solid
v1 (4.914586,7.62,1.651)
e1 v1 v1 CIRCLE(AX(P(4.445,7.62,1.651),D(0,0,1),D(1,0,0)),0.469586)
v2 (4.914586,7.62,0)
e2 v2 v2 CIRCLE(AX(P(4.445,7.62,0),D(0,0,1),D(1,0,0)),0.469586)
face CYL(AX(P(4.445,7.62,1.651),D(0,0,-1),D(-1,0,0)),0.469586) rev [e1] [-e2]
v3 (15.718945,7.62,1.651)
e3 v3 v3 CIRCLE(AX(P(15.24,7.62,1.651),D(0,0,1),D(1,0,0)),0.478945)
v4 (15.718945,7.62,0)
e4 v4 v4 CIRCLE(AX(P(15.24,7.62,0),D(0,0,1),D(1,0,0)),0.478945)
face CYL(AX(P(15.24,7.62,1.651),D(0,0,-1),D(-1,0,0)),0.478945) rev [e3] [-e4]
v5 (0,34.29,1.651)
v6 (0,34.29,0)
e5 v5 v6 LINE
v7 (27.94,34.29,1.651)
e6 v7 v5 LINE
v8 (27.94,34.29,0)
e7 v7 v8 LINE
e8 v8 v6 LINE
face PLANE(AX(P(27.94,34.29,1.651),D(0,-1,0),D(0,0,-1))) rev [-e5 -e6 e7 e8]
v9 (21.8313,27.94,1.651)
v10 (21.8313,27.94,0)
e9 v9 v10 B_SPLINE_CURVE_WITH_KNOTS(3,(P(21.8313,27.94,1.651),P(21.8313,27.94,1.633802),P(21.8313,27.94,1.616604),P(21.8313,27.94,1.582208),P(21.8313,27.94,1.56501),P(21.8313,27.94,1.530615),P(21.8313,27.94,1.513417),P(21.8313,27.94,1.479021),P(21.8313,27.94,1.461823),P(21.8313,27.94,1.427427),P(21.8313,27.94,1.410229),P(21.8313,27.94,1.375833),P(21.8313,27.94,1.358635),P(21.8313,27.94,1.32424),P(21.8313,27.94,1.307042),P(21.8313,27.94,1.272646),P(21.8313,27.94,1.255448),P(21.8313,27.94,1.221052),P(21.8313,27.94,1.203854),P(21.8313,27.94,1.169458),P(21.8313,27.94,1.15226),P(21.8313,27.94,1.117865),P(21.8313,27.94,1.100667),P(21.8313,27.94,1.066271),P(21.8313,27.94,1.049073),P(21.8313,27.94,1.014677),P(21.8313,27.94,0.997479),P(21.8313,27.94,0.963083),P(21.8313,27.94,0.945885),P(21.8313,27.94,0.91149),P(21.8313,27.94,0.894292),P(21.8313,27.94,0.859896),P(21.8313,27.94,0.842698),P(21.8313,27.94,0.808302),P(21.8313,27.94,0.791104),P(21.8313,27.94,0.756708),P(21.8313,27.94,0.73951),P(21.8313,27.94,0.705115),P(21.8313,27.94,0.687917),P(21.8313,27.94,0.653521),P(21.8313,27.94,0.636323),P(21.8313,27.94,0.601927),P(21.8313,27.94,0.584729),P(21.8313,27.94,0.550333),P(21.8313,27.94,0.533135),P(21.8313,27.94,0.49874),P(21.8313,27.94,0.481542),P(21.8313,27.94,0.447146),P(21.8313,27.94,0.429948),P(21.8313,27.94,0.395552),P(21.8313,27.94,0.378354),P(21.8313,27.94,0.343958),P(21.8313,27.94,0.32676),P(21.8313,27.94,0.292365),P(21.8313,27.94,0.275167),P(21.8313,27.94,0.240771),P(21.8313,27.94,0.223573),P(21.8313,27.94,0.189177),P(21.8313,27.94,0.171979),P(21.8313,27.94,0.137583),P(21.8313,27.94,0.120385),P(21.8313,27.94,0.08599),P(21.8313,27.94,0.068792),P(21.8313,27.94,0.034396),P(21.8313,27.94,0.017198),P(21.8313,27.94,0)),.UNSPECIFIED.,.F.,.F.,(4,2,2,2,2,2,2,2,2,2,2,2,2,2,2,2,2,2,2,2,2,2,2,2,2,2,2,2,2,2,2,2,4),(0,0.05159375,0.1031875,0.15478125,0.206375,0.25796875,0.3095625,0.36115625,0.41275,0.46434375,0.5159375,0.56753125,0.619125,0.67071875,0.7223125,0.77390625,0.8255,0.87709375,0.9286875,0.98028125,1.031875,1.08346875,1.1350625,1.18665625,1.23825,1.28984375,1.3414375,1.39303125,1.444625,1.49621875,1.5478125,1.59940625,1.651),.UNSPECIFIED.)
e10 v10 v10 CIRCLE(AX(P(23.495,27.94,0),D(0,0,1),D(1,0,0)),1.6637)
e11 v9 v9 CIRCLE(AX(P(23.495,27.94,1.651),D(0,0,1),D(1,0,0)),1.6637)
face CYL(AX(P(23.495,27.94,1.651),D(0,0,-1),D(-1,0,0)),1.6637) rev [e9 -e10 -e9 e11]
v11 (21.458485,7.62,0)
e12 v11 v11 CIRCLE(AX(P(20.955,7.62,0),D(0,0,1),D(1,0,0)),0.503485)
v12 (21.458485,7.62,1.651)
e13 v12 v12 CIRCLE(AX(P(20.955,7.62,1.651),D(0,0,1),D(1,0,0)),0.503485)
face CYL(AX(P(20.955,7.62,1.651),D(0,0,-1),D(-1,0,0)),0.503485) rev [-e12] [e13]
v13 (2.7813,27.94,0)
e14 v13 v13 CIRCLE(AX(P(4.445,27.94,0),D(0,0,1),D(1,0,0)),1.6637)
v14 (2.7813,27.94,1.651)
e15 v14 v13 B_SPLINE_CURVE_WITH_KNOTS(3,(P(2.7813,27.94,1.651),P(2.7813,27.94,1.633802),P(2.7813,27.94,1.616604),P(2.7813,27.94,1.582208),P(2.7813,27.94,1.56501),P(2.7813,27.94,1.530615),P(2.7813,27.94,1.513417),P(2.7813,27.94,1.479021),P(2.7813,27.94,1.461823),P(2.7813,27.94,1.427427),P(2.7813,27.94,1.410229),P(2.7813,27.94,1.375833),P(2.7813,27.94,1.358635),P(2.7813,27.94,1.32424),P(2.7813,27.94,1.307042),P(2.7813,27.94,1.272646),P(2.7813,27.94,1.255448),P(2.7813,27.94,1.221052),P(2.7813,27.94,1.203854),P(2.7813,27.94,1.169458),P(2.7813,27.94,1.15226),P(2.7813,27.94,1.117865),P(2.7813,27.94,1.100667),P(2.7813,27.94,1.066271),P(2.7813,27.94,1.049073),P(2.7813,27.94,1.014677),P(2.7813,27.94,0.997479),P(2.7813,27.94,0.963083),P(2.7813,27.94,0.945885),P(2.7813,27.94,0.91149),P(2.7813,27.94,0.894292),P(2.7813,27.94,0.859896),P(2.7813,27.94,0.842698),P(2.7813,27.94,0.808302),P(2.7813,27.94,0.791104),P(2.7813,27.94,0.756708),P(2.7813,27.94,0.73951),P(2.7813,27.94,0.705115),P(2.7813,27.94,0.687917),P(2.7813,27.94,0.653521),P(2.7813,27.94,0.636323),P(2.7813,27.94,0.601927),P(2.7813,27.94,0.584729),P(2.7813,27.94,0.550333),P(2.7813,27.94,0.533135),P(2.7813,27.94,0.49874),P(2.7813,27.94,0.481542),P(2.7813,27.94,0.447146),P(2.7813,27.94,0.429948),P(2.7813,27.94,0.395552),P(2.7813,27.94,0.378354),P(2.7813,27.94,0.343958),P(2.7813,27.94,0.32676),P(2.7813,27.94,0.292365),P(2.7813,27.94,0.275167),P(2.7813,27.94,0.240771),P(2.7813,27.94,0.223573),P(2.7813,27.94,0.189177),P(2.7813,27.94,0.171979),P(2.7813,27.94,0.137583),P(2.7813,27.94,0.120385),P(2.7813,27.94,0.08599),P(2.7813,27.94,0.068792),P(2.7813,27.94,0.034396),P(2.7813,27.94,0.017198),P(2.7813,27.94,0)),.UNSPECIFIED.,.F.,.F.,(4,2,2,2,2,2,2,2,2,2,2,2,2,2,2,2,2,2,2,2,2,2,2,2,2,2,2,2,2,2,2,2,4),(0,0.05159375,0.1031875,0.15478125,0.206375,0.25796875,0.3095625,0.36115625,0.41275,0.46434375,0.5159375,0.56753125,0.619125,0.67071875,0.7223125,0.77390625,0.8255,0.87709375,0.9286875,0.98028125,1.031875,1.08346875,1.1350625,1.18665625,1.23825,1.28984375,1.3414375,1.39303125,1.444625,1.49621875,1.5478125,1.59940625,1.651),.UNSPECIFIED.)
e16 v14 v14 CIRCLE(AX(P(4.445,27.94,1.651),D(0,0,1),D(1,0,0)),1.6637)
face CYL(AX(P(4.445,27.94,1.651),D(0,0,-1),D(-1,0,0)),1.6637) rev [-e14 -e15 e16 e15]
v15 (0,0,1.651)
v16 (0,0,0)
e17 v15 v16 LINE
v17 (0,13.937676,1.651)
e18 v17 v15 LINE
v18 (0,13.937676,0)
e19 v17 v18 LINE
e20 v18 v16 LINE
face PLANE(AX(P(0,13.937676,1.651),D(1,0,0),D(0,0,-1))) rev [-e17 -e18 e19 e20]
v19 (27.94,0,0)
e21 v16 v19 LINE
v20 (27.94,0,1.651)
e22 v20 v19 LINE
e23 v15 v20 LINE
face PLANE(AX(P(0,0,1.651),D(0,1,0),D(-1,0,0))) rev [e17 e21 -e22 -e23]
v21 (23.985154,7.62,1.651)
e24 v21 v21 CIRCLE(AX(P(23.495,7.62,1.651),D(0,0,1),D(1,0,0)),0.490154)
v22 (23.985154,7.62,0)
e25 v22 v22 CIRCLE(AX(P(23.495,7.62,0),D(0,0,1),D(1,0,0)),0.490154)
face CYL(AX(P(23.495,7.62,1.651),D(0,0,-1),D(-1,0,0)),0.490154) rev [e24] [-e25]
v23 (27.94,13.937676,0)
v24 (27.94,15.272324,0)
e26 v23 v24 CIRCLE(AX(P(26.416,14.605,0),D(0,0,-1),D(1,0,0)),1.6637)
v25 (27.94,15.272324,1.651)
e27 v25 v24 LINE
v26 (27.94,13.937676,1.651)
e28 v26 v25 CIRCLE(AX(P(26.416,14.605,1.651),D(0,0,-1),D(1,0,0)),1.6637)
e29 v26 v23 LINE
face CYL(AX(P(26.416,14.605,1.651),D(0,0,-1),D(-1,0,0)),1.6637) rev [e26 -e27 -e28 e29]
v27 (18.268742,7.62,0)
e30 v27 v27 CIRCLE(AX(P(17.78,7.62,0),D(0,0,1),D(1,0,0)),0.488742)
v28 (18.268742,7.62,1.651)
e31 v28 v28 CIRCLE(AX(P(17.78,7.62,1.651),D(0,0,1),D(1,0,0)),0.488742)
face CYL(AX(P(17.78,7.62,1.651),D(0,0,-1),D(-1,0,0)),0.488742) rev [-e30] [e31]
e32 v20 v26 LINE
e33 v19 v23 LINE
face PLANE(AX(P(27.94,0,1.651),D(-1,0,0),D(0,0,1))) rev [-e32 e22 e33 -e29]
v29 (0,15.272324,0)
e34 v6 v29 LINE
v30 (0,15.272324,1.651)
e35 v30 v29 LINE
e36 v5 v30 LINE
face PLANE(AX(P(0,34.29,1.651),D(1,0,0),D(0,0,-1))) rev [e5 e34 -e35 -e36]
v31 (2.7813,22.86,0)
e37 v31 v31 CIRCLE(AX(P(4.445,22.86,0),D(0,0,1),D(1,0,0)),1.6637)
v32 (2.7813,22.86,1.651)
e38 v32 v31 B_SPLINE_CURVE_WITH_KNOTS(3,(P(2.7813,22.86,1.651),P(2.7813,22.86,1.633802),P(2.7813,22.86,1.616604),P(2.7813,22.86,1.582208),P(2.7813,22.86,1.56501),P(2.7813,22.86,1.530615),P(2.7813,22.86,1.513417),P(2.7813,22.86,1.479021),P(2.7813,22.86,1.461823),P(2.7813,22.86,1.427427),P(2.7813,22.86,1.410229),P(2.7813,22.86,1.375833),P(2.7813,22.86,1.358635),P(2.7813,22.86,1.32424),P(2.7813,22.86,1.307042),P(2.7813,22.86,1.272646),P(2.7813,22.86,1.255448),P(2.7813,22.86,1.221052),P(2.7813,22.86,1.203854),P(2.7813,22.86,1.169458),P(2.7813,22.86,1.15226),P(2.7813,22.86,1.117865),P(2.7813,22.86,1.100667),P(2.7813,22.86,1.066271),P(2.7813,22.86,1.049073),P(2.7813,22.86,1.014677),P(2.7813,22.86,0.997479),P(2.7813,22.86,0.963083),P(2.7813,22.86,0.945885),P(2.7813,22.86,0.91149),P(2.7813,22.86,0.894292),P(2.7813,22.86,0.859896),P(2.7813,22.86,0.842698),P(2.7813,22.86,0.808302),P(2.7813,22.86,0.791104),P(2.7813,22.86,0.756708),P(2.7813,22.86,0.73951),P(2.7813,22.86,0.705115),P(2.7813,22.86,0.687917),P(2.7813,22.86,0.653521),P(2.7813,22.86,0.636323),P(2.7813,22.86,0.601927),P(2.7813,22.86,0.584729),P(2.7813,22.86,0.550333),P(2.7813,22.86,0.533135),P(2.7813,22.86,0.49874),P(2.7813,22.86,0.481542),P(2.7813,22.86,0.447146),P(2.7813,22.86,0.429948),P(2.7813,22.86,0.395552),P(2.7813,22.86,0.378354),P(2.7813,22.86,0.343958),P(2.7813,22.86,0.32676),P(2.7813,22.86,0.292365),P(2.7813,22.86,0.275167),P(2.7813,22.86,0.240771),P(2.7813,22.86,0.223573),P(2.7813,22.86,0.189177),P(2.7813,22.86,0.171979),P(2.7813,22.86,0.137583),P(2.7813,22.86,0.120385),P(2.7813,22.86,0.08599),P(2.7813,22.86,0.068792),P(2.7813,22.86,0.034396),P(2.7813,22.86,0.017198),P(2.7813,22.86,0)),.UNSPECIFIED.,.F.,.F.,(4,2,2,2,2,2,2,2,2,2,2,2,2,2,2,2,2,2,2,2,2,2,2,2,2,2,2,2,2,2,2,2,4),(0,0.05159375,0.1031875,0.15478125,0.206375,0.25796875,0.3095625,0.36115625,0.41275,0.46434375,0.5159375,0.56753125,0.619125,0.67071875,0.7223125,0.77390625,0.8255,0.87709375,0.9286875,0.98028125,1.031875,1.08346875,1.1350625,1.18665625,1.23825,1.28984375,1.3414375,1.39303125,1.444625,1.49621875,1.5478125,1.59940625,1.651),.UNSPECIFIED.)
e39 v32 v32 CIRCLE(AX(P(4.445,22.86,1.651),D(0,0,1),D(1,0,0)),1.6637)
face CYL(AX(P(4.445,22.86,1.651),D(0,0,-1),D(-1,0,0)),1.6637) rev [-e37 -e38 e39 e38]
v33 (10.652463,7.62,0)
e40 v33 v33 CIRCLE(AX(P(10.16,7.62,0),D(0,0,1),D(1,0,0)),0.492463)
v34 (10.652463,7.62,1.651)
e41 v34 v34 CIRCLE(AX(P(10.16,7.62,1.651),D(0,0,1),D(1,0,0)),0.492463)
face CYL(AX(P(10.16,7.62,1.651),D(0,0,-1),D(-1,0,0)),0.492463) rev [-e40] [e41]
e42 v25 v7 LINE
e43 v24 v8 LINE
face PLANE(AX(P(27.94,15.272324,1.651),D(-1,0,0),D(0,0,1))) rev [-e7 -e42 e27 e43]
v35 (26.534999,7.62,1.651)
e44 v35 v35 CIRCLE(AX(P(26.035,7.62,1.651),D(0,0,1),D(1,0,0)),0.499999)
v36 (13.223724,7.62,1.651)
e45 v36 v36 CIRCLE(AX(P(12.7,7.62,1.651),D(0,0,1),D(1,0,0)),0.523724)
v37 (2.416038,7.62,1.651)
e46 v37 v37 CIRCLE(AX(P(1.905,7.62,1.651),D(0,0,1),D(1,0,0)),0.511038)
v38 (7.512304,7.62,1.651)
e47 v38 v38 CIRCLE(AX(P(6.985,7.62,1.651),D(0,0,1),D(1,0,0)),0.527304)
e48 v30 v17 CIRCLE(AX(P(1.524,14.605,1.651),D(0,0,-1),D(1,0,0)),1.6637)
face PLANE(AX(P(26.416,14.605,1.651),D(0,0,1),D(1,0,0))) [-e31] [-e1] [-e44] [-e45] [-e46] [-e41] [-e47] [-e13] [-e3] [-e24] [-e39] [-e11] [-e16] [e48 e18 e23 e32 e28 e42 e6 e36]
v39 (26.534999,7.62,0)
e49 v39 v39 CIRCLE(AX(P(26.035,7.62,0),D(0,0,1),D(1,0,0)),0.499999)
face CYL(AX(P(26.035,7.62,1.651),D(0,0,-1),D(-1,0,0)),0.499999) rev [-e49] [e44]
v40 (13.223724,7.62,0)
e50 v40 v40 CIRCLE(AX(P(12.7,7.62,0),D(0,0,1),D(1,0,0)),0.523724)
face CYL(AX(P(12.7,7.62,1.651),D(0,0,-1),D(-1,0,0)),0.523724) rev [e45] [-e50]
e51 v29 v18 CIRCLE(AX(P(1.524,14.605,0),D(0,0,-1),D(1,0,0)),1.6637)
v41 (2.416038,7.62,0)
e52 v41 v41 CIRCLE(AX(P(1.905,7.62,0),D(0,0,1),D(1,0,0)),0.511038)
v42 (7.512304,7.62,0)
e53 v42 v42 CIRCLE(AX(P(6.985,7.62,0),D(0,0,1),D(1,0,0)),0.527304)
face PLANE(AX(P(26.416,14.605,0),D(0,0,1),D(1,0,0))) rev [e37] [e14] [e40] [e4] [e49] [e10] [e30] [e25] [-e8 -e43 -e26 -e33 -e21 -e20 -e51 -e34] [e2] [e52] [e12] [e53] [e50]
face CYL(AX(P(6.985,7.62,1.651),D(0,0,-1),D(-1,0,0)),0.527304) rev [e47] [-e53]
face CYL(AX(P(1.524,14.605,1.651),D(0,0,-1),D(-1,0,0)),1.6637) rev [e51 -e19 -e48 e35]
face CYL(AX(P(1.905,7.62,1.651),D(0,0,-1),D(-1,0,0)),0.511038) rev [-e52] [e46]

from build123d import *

# Parameters (mm, degrees)
SKETCH2_R           = 1.6637
SKETCH2_R_2         = 0.511037547
SKETCH2_R_3         = 0.469586325
SKETCH2_R_4         = 0.527304242
SKETCH2_R_5         = 0.492462629
SKETCH2_R_6         = 0.523724162
SKETCH2_R_7         = 0.478944742
SKETCH2_R_8         = 0.488742189
SKETCH2_R_9         = 0.503485145
SKETCH2_R_10        = 0.490154406
SKETCH2_R_11        = 0.499999
BOSS_EXTRUDE1_DEPTH = 1.651


with BuildPart() as part:
    # Sketch2 → Boss-Extrude1 (new body)
    with BuildSketch(Plane.XY):
        with BuildLine():
            Line((0, 0), (27.94, 0))
            Line((27.94, 0), (27.94, 13.937675724))
            ThreePointArc((27.94, 13.937675724), (24.7523, 14.605), (27.94, 15.272324276))
            Line((27.94, 15.272324276), (27.94, 34.29))
            Line((27.94, 34.29), (0, 34.29))
            Line((0, 34.29), (0, 15.272324276))
            ThreePointArc((0, 15.272324276), (3.1877, 14.605), (0, 13.937675724))
            Line((0, 13.937675724), (0, 0))
        make_face()
        with Locations((4.445, 22.86)):
            Circle(SKETCH2_R, mode=Mode.SUBTRACT)
        with Locations((4.445, 27.94)):
            Circle(SKETCH2_R, mode=Mode.SUBTRACT)
        with Locations((23.495, 27.94)):
            Circle(SKETCH2_R, mode=Mode.SUBTRACT)
        with Locations((1.905, 7.62)):
            Circle(SKETCH2_R_2, mode=Mode.SUBTRACT)
        with Locations((4.445, 7.62)):
            Circle(SKETCH2_R_3, mode=Mode.SUBTRACT)
        with Locations((6.985, 7.62)):
            Circle(SKETCH2_R_4, mode=Mode.SUBTRACT)
        with Locations((10.16, 7.62)):
            Circle(SKETCH2_R_5, mode=Mode.SUBTRACT)
        with Locations((12.7, 7.62)):
            Circle(SKETCH2_R_6, mode=Mode.SUBTRACT)
        with Locations((15.24, 7.62)):
            Circle(SKETCH2_R_7, mode=Mode.SUBTRACT)
        with Locations((17.78, 7.62)):
            Circle(SKETCH2_R_8, mode=Mode.SUBTRACT)
        with Locations((20.955, 7.62)):
            Circle(SKETCH2_R_9, mode=Mode.SUBTRACT)
        with Locations((23.495, 7.62)):
            Circle(SKETCH2_R_10, mode=Mode.SUBTRACT)
        with Locations((26.035, 7.62)):
            Circle(SKETCH2_R_11, mode=Mode.SUBTRACT)
    extrude(amount=BOSS_EXTRUDE1_DEPTH)


solid = part.part
